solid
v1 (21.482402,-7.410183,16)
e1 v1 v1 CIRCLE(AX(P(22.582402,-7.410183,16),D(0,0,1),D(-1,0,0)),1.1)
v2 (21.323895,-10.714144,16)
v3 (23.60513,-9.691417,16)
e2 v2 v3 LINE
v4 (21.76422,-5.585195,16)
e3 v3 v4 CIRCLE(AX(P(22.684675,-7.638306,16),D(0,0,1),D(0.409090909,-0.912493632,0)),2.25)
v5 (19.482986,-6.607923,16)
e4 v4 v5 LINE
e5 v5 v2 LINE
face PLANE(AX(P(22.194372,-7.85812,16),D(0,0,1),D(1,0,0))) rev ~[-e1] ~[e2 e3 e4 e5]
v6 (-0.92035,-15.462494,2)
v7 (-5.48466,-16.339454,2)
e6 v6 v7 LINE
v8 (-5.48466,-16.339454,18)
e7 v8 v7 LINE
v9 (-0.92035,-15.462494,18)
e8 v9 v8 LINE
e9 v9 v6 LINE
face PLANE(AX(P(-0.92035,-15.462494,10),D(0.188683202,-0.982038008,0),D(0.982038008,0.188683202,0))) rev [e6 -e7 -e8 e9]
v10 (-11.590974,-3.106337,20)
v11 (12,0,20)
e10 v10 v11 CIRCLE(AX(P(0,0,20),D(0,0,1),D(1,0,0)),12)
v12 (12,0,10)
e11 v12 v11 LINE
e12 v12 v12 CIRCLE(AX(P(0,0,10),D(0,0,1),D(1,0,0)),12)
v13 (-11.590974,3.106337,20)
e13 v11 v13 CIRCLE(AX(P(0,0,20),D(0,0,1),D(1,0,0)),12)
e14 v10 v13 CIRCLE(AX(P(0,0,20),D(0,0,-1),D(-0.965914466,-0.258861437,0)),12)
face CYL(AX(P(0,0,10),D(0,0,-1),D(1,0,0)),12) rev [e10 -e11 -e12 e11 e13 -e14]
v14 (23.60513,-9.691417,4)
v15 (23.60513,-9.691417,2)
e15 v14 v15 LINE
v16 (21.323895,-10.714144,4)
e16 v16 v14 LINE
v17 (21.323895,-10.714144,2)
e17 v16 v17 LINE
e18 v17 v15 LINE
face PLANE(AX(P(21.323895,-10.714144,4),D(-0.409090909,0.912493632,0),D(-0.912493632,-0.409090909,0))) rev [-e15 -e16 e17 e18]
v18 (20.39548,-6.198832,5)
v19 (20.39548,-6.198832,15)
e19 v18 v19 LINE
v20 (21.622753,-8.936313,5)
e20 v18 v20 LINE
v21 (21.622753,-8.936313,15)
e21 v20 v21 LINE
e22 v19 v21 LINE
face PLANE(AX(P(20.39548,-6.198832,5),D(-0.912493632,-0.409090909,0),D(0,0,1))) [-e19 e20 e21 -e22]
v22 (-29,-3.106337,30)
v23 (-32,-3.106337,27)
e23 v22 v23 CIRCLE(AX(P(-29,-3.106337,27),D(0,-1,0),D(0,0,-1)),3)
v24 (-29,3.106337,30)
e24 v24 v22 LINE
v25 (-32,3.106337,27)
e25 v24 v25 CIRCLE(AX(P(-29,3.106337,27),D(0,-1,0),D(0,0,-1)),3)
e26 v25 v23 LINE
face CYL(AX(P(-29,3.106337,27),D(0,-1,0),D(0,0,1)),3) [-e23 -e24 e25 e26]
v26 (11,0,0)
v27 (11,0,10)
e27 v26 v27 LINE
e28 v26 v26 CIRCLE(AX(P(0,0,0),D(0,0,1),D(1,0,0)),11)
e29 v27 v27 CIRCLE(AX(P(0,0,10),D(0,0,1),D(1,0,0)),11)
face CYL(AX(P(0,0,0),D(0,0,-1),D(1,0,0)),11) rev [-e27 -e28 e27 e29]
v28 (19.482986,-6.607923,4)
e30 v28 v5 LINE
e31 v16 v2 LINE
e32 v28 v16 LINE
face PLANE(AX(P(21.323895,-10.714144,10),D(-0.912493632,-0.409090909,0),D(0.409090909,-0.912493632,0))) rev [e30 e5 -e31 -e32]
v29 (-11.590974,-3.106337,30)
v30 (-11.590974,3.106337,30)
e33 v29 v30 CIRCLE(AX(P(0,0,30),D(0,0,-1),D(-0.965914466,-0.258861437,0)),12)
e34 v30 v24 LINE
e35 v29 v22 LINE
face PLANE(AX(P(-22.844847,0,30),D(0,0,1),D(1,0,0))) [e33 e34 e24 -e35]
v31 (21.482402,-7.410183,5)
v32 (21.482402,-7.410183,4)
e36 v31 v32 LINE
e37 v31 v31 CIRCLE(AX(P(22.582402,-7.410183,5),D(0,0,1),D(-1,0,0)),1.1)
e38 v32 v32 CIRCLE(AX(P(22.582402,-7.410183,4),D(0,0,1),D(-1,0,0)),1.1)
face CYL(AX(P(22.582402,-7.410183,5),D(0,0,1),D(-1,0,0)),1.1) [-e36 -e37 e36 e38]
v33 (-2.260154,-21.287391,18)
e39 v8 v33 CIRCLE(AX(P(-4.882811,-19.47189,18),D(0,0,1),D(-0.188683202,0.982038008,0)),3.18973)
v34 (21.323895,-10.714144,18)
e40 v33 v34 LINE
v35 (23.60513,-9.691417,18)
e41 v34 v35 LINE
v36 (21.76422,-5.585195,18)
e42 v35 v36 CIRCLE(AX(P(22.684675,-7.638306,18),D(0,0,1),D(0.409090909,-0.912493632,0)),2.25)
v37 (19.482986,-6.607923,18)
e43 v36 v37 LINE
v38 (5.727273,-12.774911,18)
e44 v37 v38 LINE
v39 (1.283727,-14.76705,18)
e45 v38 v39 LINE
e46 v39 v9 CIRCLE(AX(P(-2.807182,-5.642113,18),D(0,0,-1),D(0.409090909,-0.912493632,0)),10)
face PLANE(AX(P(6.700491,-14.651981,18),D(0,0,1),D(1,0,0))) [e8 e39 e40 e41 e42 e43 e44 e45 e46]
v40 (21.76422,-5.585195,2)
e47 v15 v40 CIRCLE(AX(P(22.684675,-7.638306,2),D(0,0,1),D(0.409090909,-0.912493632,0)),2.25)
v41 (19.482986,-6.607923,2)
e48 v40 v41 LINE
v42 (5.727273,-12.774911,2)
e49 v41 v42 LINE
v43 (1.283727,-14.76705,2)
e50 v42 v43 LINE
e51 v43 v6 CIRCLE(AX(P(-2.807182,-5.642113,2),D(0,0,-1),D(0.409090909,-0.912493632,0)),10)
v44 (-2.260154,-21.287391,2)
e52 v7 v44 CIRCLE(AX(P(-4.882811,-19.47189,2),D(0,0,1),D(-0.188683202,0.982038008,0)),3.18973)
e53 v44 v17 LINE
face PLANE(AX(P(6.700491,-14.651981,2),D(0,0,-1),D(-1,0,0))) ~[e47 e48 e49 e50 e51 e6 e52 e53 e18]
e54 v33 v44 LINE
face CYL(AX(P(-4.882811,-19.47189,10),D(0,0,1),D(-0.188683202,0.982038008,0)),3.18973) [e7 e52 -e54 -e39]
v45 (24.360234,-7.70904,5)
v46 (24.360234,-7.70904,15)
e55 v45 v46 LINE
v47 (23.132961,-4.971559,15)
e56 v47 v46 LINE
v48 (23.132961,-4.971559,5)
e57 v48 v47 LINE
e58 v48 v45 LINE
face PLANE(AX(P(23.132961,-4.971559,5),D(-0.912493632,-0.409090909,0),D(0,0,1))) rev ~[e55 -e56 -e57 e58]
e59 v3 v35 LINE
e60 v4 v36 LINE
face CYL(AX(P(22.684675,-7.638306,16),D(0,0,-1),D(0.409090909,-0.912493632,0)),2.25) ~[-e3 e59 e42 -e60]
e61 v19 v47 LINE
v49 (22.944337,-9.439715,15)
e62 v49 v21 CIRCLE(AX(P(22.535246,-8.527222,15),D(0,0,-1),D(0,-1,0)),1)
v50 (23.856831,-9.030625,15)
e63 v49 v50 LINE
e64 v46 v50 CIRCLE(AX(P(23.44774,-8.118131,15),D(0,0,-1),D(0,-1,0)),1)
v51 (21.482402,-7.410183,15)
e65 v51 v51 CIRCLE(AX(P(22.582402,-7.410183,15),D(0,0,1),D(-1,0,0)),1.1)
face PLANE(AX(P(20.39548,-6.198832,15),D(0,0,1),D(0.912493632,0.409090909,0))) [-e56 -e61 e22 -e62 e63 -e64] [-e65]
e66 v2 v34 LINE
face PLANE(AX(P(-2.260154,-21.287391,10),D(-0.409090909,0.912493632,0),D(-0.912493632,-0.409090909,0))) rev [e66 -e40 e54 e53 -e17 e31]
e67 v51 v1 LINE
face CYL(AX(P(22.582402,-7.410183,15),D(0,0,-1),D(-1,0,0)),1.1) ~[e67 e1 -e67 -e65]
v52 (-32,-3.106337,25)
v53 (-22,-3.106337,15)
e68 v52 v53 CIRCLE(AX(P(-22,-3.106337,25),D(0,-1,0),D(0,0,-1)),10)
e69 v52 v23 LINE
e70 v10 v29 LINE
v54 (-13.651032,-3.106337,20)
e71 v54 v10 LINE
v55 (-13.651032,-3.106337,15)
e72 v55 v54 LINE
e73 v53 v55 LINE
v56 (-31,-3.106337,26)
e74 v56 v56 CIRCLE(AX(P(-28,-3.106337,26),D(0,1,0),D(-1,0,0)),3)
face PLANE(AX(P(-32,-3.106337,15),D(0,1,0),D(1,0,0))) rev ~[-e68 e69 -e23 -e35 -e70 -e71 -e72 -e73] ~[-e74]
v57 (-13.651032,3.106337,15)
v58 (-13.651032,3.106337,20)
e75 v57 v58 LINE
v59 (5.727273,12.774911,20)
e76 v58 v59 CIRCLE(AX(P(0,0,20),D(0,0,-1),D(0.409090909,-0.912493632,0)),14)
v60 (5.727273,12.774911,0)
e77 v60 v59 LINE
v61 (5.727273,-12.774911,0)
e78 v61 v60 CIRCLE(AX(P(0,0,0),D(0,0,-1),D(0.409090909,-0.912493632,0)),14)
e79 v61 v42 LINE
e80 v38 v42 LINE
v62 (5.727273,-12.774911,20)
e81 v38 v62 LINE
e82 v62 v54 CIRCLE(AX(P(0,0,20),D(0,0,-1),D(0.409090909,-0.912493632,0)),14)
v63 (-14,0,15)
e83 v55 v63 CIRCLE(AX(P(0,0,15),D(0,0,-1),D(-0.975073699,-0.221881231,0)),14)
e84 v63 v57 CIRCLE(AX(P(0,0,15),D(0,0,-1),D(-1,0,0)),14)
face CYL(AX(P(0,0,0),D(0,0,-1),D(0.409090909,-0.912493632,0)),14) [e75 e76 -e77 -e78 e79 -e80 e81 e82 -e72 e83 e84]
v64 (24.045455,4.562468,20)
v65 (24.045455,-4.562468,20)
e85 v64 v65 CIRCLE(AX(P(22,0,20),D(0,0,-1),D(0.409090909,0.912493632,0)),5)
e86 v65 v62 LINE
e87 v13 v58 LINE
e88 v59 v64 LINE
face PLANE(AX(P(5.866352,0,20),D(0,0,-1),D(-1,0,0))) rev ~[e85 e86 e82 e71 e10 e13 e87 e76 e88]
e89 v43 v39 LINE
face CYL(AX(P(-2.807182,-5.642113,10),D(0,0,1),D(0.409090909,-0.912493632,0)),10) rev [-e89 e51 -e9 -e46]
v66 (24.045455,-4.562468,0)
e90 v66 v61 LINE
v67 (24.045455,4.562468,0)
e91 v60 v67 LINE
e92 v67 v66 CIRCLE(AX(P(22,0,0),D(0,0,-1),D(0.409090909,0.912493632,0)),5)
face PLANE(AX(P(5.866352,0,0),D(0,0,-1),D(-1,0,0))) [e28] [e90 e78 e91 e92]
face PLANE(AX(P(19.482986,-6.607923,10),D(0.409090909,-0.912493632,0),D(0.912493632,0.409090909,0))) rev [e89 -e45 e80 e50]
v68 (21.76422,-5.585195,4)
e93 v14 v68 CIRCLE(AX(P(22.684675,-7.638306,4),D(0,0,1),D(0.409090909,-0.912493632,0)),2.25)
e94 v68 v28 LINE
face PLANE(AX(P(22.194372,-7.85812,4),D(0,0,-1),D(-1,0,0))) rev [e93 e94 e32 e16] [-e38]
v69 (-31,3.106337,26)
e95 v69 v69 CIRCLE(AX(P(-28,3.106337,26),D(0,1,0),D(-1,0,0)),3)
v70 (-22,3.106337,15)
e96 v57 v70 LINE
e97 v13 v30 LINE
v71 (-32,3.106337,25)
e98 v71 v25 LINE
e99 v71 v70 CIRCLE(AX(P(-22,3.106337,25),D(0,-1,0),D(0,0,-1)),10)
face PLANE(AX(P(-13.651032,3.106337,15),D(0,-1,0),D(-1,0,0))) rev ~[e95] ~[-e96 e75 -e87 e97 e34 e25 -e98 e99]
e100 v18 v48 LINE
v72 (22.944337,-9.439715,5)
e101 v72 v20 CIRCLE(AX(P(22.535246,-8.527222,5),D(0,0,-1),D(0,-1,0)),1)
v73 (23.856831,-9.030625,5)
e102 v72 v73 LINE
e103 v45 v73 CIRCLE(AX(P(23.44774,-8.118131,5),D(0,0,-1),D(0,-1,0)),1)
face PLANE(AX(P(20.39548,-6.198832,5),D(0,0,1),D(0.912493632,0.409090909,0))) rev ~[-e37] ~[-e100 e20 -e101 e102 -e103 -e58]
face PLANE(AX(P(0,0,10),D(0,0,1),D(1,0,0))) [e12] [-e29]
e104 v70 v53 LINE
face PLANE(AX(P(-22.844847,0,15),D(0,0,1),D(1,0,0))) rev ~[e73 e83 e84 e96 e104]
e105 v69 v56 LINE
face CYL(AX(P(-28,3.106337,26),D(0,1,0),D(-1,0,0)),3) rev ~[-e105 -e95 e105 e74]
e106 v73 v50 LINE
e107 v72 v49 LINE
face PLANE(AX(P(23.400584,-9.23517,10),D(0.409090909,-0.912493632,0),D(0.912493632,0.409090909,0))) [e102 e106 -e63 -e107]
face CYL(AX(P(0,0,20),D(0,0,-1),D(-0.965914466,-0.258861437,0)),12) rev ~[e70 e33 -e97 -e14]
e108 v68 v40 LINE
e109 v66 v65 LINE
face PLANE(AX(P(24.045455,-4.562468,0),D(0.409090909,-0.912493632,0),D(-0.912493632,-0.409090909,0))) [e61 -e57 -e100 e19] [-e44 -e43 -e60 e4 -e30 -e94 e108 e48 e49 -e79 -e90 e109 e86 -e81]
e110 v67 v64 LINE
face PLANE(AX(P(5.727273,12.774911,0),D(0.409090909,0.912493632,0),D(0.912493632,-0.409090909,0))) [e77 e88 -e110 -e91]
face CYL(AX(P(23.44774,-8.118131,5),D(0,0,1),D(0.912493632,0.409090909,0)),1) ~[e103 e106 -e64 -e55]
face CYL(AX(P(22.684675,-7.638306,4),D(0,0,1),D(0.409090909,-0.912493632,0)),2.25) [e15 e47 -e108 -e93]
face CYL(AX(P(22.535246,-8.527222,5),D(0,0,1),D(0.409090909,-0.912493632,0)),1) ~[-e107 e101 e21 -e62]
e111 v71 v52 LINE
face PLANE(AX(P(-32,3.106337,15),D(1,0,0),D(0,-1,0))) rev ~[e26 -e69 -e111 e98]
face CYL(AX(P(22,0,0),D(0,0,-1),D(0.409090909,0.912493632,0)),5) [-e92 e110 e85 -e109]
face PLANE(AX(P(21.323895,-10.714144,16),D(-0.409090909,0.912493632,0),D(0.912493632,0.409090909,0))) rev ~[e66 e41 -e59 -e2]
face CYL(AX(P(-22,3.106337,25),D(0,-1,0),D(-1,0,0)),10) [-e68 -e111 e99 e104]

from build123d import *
from build123d.topology import SkipClean

# Parameters (mm, degrees)
ESQUISSE2_R             = 11
BOSS_EXTRU_1_DEPTH      = 20
ENL_V_START             = -10
ESQUISSE3_R             = 12
ESQUISSE3_R_2           = 11
ENL_V_MAT_EXTRU_1_DEPTH = 10
ESQUISSE4_W             = 3
ESQUISSE4_H             = 10
BOSS_EXTRU_2_DEPTH      = 4
ESQUISSE5_R             = 1.1
BOSS_EXTRU_3_DEPTH      = 1
ESQUISSE9_R             = 1.1
BOSS_EXTRU_5_DEPTH      = 2
BOSS_EXTRU_6_START      = -6
BOSS_EXTRU_6_DEPTH      = 8
CONG_1_R                = 1
CONG_2_R                = 1
BOSS_EXTRU_7_DEPTH      = 10
BOSS_EXTRU_8_DEPTH      = 10
BOSS_EXTRU_8_DEPTH_BACK = 5
CONG_3_R                = 10
CONG_4_R                = 3
ENL_V_MAT_EXTRU_2_REACH = 52.872
ESQUISSE11_R            = 3


with BuildPart() as part:
    # Esquisse2 → Boss.-Extru.1 (new body)
    with BuildSketch(Plane.XY):
        with BuildLine():
            Line((5.727272727, 12.774910845), (24.045454545, 4.562468159))
            ThreePointArc((24.045454545, 4.562468159), (27, 0), (24.045454545, -4.562468159))
            Line((24.045454545, -4.562468159), (5.727272727, -12.774910845))
            ThreePointArc((5.727272727, -12.774910845), (-14, 0), (5.727272727, 12.774910845))
        make_face()
        Circle(ESQUISSE2_R, mode=Mode.SUBTRACT)
    extrude(amount=BOSS_EXTRU_1_DEPTH)

    # Esquisse3 → Enlèv. mat.-Extru.1 (cut)
    with BuildSketch(Plane.XY.offset(20).offset(ENL_V_START)):
        Circle(ESQUISSE3_R)
        Circle(ESQUISSE3_R_2, mode=Mode.SUBTRACT)
    extrude(amount=ENL_V_MAT_EXTRU_1_DEPTH, mode=Mode.SUBTRACT)

    # Esquisse4 → Boss.-Extru.2 (add)
    with BuildSketch(Plane(origin=(5.727272727, -12.774910845, 0), x_dir=(0.9124936318129423, 0.4090909090909094, 0), z_dir=(0.40909090909090934, -0.9124936318129422, 0))):
        with Locations((17.5748599, 10)):
            Rectangle(ESQUISSE4_W, ESQUISSE4_H)
    extrude(amount=BOSS_EXTRU_2_DEPTH)

    # Esquisse5 → Boss.-Extru.3 (add)
    with BuildSketch(Plane.XY.offset(15)):
        with Locations(Location((22.582402284, -7.410182695, 0), (0, 0, 180))):
            Circle(ESQUISSE5_R)
    boss_extru_3 = extrude(amount=BOSS_EXTRU_3_DEPTH)

    # Symétrie1: Boss.-Extru.3 across plane
    add(boss_extru_3.mirror(Plane.XY.offset(10)))

    # Esquisse9 → Boss.-Extru.5 (add)
    # profile 1 of 2: a face of its own
    with BuildSketch(Plane.XY.offset(16)):
        with BuildLine():
            Line((21.323895477, -10.714144048), (23.605129557, -9.691416775))
            ThreePointArc((23.605129557, -9.691416775), (24.737785683, -6.717851558), (21.764220466, -5.585195432))
            Line((21.764220466, -5.585195432), (19.482986386, -6.607922705))
            Line((19.482986386, -6.607922705), (21.323895477, -10.714144048))
        make_face()
        with Locations(Location((22.582402284, -7.410182695, 0), (0, 0, 180))):
            Circle(ESQUISSE9_R, mode=Mode.SUBTRACT)
    # profile 2 of 2: a face of its own
    with BuildSketch(Plane.XY.offset(16)):
        with Locations(Location((22.582402284, -7.410182695, 0), (0, 0, 180))):
            Circle(ESQUISSE9_R)
    boss_extru_5 = extrude(amount=BOSS_EXTRU_5_DEPTH)

    # Esquisse9<4> → Boss.-Extru.6 (add)
    with BuildSketch(Plane.XY.offset(16).offset(BOSS_EXTRU_6_START)):
        with BuildLine():
            Line((-2.260153649, -21.287390546), (21.323895477, -10.714144048))
            Line((21.323895477, -10.714144048), (19.482986386, -6.607922705))
            Line((19.482986386, -6.607922705), (1.283727254, -14.767049742))
            ThreePointArc((1.283727254, -14.767049742), (0.201847525, -15.178661138), (-0.920349818, -15.462493505))
            Line((-0.920349818, -15.462493505), (-5.484659611, -16.339454049))
            ThreePointArc((-5.484659611, -16.339454049), (-7.55515779, -21.213423405), (-2.260153649, -21.287390546))
        make_face()
    boss_extru_6 = extrude(amount=BOSS_EXTRU_6_DEPTH)

    # Symétrie2: Boss.-Extru.5, Boss.-Extru.6 across plane
    add(boss_extru_5.mirror(Plane.XY.offset(10)))
    add(boss_extru_6.mirror(Plane.XY.offset(10)))

    # Congé1
    cong_1_edges = [part.edges().sort_by_distance(p)[0] for p in [
        (24.76932455, -8.621533595, 10),
    ]]
    fillet(cong_1_edges, radius=CONG_1_R)

    # Congé2
    cong_2_edges = [part.edges().sort_by_distance(p)[0] for p in [
        (22.031843655, -9.848806323, 10),
    ]]
    fillet(cong_2_edges, radius=CONG_2_R)

    # Esquisse10 → Boss.-Extru.7 (add)
    with SkipClean():  # the faces are left unmerged after this step: merging them gives an invalid solid
        with BuildSketch(Plane.XY.offset(20)):
            with BuildLine():
                Line((-13.651031791, -3.10633724), (-11.590973598, -3.10633724))
                ThreePointArc((-11.590973598, -3.10633724), (-12, 0), (-11.590973598, 3.10633724))
                Line((-11.590973598, 3.10633724), (-13.651031791, 3.10633724))
                ThreePointArc((-13.651031791, 3.10633724), (-14, 0), (-13.651031791, -3.10633724))
            make_face()
        extrude(amount=BOSS_EXTRU_7_DEPTH)

    # Esquisse10<3> → Boss.-Extru.8 (add, two sides: drawn at the far end of the back side and taken through both)
    with SkipClean():  # the faces are left unmerged after this step: merging them gives an invalid solid
        with BuildSketch(Plane.XY.offset(20).offset(-BOSS_EXTRU_8_DEPTH_BACK)):
            with BuildLine():
                Line((-32, -3.10633724), (-13.651031791, -3.10633724))
                ThreePointArc((-13.651031791, -3.10633724), (-13.912484413, -1.562938727), (-14, 0))
                ThreePointArc((-14, 0), (-13.912484413, 1.562938727), (-13.651031791, 3.10633724))
                Line((-13.651031791, 3.10633724), (-32, 3.10633724))
                Line((-32, 3.10633724), (-32, -3.10633724))
            make_face()
        extrude(amount=BOSS_EXTRU_8_DEPTH + BOSS_EXTRU_8_DEPTH_BACK)

    # Congé3
    cong_3_edges = [part.edges().sort_by_distance(p)[0] for p in [
        (-32, 0, 15),
    ]]
    fillet(cong_3_edges, radius=CONG_3_R)

    # Congé4
    cong_4_edges = [part.edges().sort_by_distance(p)[0] for p in [
        (-32, 0, 30),
    ]]
    fillet(cong_4_edges, radius=CONG_4_R)

    # Esquisse11 → Enlèv. mat.-Extru.2 (cut, up to next)
    with BuildSketch(Plane(origin=(0, 3.10633724, 0), x_dir=(1, 0, 0), z_dir=(0, 1, 0)), mode=Mode.PRIVATE) as enl_v_mat_extru_2_sk1:
        with Locations(Location((-28, -26, 0), (0, 0, 180))):
            Circle(ESQUISSE11_R)
    enl_v_mat_extru_2_tool1 = extrude(enl_v_mat_extru_2_sk1.sketch, amount=-ENL_V_MAT_EXTRU_2_REACH, mode=Mode.PRIVATE) & part.part
    add(enl_v_mat_extru_2_tool1.solids().sort_by_distance((-28, 3.106337, 26))[0], mode=Mode.SUBTRACT)


solid = part.part
